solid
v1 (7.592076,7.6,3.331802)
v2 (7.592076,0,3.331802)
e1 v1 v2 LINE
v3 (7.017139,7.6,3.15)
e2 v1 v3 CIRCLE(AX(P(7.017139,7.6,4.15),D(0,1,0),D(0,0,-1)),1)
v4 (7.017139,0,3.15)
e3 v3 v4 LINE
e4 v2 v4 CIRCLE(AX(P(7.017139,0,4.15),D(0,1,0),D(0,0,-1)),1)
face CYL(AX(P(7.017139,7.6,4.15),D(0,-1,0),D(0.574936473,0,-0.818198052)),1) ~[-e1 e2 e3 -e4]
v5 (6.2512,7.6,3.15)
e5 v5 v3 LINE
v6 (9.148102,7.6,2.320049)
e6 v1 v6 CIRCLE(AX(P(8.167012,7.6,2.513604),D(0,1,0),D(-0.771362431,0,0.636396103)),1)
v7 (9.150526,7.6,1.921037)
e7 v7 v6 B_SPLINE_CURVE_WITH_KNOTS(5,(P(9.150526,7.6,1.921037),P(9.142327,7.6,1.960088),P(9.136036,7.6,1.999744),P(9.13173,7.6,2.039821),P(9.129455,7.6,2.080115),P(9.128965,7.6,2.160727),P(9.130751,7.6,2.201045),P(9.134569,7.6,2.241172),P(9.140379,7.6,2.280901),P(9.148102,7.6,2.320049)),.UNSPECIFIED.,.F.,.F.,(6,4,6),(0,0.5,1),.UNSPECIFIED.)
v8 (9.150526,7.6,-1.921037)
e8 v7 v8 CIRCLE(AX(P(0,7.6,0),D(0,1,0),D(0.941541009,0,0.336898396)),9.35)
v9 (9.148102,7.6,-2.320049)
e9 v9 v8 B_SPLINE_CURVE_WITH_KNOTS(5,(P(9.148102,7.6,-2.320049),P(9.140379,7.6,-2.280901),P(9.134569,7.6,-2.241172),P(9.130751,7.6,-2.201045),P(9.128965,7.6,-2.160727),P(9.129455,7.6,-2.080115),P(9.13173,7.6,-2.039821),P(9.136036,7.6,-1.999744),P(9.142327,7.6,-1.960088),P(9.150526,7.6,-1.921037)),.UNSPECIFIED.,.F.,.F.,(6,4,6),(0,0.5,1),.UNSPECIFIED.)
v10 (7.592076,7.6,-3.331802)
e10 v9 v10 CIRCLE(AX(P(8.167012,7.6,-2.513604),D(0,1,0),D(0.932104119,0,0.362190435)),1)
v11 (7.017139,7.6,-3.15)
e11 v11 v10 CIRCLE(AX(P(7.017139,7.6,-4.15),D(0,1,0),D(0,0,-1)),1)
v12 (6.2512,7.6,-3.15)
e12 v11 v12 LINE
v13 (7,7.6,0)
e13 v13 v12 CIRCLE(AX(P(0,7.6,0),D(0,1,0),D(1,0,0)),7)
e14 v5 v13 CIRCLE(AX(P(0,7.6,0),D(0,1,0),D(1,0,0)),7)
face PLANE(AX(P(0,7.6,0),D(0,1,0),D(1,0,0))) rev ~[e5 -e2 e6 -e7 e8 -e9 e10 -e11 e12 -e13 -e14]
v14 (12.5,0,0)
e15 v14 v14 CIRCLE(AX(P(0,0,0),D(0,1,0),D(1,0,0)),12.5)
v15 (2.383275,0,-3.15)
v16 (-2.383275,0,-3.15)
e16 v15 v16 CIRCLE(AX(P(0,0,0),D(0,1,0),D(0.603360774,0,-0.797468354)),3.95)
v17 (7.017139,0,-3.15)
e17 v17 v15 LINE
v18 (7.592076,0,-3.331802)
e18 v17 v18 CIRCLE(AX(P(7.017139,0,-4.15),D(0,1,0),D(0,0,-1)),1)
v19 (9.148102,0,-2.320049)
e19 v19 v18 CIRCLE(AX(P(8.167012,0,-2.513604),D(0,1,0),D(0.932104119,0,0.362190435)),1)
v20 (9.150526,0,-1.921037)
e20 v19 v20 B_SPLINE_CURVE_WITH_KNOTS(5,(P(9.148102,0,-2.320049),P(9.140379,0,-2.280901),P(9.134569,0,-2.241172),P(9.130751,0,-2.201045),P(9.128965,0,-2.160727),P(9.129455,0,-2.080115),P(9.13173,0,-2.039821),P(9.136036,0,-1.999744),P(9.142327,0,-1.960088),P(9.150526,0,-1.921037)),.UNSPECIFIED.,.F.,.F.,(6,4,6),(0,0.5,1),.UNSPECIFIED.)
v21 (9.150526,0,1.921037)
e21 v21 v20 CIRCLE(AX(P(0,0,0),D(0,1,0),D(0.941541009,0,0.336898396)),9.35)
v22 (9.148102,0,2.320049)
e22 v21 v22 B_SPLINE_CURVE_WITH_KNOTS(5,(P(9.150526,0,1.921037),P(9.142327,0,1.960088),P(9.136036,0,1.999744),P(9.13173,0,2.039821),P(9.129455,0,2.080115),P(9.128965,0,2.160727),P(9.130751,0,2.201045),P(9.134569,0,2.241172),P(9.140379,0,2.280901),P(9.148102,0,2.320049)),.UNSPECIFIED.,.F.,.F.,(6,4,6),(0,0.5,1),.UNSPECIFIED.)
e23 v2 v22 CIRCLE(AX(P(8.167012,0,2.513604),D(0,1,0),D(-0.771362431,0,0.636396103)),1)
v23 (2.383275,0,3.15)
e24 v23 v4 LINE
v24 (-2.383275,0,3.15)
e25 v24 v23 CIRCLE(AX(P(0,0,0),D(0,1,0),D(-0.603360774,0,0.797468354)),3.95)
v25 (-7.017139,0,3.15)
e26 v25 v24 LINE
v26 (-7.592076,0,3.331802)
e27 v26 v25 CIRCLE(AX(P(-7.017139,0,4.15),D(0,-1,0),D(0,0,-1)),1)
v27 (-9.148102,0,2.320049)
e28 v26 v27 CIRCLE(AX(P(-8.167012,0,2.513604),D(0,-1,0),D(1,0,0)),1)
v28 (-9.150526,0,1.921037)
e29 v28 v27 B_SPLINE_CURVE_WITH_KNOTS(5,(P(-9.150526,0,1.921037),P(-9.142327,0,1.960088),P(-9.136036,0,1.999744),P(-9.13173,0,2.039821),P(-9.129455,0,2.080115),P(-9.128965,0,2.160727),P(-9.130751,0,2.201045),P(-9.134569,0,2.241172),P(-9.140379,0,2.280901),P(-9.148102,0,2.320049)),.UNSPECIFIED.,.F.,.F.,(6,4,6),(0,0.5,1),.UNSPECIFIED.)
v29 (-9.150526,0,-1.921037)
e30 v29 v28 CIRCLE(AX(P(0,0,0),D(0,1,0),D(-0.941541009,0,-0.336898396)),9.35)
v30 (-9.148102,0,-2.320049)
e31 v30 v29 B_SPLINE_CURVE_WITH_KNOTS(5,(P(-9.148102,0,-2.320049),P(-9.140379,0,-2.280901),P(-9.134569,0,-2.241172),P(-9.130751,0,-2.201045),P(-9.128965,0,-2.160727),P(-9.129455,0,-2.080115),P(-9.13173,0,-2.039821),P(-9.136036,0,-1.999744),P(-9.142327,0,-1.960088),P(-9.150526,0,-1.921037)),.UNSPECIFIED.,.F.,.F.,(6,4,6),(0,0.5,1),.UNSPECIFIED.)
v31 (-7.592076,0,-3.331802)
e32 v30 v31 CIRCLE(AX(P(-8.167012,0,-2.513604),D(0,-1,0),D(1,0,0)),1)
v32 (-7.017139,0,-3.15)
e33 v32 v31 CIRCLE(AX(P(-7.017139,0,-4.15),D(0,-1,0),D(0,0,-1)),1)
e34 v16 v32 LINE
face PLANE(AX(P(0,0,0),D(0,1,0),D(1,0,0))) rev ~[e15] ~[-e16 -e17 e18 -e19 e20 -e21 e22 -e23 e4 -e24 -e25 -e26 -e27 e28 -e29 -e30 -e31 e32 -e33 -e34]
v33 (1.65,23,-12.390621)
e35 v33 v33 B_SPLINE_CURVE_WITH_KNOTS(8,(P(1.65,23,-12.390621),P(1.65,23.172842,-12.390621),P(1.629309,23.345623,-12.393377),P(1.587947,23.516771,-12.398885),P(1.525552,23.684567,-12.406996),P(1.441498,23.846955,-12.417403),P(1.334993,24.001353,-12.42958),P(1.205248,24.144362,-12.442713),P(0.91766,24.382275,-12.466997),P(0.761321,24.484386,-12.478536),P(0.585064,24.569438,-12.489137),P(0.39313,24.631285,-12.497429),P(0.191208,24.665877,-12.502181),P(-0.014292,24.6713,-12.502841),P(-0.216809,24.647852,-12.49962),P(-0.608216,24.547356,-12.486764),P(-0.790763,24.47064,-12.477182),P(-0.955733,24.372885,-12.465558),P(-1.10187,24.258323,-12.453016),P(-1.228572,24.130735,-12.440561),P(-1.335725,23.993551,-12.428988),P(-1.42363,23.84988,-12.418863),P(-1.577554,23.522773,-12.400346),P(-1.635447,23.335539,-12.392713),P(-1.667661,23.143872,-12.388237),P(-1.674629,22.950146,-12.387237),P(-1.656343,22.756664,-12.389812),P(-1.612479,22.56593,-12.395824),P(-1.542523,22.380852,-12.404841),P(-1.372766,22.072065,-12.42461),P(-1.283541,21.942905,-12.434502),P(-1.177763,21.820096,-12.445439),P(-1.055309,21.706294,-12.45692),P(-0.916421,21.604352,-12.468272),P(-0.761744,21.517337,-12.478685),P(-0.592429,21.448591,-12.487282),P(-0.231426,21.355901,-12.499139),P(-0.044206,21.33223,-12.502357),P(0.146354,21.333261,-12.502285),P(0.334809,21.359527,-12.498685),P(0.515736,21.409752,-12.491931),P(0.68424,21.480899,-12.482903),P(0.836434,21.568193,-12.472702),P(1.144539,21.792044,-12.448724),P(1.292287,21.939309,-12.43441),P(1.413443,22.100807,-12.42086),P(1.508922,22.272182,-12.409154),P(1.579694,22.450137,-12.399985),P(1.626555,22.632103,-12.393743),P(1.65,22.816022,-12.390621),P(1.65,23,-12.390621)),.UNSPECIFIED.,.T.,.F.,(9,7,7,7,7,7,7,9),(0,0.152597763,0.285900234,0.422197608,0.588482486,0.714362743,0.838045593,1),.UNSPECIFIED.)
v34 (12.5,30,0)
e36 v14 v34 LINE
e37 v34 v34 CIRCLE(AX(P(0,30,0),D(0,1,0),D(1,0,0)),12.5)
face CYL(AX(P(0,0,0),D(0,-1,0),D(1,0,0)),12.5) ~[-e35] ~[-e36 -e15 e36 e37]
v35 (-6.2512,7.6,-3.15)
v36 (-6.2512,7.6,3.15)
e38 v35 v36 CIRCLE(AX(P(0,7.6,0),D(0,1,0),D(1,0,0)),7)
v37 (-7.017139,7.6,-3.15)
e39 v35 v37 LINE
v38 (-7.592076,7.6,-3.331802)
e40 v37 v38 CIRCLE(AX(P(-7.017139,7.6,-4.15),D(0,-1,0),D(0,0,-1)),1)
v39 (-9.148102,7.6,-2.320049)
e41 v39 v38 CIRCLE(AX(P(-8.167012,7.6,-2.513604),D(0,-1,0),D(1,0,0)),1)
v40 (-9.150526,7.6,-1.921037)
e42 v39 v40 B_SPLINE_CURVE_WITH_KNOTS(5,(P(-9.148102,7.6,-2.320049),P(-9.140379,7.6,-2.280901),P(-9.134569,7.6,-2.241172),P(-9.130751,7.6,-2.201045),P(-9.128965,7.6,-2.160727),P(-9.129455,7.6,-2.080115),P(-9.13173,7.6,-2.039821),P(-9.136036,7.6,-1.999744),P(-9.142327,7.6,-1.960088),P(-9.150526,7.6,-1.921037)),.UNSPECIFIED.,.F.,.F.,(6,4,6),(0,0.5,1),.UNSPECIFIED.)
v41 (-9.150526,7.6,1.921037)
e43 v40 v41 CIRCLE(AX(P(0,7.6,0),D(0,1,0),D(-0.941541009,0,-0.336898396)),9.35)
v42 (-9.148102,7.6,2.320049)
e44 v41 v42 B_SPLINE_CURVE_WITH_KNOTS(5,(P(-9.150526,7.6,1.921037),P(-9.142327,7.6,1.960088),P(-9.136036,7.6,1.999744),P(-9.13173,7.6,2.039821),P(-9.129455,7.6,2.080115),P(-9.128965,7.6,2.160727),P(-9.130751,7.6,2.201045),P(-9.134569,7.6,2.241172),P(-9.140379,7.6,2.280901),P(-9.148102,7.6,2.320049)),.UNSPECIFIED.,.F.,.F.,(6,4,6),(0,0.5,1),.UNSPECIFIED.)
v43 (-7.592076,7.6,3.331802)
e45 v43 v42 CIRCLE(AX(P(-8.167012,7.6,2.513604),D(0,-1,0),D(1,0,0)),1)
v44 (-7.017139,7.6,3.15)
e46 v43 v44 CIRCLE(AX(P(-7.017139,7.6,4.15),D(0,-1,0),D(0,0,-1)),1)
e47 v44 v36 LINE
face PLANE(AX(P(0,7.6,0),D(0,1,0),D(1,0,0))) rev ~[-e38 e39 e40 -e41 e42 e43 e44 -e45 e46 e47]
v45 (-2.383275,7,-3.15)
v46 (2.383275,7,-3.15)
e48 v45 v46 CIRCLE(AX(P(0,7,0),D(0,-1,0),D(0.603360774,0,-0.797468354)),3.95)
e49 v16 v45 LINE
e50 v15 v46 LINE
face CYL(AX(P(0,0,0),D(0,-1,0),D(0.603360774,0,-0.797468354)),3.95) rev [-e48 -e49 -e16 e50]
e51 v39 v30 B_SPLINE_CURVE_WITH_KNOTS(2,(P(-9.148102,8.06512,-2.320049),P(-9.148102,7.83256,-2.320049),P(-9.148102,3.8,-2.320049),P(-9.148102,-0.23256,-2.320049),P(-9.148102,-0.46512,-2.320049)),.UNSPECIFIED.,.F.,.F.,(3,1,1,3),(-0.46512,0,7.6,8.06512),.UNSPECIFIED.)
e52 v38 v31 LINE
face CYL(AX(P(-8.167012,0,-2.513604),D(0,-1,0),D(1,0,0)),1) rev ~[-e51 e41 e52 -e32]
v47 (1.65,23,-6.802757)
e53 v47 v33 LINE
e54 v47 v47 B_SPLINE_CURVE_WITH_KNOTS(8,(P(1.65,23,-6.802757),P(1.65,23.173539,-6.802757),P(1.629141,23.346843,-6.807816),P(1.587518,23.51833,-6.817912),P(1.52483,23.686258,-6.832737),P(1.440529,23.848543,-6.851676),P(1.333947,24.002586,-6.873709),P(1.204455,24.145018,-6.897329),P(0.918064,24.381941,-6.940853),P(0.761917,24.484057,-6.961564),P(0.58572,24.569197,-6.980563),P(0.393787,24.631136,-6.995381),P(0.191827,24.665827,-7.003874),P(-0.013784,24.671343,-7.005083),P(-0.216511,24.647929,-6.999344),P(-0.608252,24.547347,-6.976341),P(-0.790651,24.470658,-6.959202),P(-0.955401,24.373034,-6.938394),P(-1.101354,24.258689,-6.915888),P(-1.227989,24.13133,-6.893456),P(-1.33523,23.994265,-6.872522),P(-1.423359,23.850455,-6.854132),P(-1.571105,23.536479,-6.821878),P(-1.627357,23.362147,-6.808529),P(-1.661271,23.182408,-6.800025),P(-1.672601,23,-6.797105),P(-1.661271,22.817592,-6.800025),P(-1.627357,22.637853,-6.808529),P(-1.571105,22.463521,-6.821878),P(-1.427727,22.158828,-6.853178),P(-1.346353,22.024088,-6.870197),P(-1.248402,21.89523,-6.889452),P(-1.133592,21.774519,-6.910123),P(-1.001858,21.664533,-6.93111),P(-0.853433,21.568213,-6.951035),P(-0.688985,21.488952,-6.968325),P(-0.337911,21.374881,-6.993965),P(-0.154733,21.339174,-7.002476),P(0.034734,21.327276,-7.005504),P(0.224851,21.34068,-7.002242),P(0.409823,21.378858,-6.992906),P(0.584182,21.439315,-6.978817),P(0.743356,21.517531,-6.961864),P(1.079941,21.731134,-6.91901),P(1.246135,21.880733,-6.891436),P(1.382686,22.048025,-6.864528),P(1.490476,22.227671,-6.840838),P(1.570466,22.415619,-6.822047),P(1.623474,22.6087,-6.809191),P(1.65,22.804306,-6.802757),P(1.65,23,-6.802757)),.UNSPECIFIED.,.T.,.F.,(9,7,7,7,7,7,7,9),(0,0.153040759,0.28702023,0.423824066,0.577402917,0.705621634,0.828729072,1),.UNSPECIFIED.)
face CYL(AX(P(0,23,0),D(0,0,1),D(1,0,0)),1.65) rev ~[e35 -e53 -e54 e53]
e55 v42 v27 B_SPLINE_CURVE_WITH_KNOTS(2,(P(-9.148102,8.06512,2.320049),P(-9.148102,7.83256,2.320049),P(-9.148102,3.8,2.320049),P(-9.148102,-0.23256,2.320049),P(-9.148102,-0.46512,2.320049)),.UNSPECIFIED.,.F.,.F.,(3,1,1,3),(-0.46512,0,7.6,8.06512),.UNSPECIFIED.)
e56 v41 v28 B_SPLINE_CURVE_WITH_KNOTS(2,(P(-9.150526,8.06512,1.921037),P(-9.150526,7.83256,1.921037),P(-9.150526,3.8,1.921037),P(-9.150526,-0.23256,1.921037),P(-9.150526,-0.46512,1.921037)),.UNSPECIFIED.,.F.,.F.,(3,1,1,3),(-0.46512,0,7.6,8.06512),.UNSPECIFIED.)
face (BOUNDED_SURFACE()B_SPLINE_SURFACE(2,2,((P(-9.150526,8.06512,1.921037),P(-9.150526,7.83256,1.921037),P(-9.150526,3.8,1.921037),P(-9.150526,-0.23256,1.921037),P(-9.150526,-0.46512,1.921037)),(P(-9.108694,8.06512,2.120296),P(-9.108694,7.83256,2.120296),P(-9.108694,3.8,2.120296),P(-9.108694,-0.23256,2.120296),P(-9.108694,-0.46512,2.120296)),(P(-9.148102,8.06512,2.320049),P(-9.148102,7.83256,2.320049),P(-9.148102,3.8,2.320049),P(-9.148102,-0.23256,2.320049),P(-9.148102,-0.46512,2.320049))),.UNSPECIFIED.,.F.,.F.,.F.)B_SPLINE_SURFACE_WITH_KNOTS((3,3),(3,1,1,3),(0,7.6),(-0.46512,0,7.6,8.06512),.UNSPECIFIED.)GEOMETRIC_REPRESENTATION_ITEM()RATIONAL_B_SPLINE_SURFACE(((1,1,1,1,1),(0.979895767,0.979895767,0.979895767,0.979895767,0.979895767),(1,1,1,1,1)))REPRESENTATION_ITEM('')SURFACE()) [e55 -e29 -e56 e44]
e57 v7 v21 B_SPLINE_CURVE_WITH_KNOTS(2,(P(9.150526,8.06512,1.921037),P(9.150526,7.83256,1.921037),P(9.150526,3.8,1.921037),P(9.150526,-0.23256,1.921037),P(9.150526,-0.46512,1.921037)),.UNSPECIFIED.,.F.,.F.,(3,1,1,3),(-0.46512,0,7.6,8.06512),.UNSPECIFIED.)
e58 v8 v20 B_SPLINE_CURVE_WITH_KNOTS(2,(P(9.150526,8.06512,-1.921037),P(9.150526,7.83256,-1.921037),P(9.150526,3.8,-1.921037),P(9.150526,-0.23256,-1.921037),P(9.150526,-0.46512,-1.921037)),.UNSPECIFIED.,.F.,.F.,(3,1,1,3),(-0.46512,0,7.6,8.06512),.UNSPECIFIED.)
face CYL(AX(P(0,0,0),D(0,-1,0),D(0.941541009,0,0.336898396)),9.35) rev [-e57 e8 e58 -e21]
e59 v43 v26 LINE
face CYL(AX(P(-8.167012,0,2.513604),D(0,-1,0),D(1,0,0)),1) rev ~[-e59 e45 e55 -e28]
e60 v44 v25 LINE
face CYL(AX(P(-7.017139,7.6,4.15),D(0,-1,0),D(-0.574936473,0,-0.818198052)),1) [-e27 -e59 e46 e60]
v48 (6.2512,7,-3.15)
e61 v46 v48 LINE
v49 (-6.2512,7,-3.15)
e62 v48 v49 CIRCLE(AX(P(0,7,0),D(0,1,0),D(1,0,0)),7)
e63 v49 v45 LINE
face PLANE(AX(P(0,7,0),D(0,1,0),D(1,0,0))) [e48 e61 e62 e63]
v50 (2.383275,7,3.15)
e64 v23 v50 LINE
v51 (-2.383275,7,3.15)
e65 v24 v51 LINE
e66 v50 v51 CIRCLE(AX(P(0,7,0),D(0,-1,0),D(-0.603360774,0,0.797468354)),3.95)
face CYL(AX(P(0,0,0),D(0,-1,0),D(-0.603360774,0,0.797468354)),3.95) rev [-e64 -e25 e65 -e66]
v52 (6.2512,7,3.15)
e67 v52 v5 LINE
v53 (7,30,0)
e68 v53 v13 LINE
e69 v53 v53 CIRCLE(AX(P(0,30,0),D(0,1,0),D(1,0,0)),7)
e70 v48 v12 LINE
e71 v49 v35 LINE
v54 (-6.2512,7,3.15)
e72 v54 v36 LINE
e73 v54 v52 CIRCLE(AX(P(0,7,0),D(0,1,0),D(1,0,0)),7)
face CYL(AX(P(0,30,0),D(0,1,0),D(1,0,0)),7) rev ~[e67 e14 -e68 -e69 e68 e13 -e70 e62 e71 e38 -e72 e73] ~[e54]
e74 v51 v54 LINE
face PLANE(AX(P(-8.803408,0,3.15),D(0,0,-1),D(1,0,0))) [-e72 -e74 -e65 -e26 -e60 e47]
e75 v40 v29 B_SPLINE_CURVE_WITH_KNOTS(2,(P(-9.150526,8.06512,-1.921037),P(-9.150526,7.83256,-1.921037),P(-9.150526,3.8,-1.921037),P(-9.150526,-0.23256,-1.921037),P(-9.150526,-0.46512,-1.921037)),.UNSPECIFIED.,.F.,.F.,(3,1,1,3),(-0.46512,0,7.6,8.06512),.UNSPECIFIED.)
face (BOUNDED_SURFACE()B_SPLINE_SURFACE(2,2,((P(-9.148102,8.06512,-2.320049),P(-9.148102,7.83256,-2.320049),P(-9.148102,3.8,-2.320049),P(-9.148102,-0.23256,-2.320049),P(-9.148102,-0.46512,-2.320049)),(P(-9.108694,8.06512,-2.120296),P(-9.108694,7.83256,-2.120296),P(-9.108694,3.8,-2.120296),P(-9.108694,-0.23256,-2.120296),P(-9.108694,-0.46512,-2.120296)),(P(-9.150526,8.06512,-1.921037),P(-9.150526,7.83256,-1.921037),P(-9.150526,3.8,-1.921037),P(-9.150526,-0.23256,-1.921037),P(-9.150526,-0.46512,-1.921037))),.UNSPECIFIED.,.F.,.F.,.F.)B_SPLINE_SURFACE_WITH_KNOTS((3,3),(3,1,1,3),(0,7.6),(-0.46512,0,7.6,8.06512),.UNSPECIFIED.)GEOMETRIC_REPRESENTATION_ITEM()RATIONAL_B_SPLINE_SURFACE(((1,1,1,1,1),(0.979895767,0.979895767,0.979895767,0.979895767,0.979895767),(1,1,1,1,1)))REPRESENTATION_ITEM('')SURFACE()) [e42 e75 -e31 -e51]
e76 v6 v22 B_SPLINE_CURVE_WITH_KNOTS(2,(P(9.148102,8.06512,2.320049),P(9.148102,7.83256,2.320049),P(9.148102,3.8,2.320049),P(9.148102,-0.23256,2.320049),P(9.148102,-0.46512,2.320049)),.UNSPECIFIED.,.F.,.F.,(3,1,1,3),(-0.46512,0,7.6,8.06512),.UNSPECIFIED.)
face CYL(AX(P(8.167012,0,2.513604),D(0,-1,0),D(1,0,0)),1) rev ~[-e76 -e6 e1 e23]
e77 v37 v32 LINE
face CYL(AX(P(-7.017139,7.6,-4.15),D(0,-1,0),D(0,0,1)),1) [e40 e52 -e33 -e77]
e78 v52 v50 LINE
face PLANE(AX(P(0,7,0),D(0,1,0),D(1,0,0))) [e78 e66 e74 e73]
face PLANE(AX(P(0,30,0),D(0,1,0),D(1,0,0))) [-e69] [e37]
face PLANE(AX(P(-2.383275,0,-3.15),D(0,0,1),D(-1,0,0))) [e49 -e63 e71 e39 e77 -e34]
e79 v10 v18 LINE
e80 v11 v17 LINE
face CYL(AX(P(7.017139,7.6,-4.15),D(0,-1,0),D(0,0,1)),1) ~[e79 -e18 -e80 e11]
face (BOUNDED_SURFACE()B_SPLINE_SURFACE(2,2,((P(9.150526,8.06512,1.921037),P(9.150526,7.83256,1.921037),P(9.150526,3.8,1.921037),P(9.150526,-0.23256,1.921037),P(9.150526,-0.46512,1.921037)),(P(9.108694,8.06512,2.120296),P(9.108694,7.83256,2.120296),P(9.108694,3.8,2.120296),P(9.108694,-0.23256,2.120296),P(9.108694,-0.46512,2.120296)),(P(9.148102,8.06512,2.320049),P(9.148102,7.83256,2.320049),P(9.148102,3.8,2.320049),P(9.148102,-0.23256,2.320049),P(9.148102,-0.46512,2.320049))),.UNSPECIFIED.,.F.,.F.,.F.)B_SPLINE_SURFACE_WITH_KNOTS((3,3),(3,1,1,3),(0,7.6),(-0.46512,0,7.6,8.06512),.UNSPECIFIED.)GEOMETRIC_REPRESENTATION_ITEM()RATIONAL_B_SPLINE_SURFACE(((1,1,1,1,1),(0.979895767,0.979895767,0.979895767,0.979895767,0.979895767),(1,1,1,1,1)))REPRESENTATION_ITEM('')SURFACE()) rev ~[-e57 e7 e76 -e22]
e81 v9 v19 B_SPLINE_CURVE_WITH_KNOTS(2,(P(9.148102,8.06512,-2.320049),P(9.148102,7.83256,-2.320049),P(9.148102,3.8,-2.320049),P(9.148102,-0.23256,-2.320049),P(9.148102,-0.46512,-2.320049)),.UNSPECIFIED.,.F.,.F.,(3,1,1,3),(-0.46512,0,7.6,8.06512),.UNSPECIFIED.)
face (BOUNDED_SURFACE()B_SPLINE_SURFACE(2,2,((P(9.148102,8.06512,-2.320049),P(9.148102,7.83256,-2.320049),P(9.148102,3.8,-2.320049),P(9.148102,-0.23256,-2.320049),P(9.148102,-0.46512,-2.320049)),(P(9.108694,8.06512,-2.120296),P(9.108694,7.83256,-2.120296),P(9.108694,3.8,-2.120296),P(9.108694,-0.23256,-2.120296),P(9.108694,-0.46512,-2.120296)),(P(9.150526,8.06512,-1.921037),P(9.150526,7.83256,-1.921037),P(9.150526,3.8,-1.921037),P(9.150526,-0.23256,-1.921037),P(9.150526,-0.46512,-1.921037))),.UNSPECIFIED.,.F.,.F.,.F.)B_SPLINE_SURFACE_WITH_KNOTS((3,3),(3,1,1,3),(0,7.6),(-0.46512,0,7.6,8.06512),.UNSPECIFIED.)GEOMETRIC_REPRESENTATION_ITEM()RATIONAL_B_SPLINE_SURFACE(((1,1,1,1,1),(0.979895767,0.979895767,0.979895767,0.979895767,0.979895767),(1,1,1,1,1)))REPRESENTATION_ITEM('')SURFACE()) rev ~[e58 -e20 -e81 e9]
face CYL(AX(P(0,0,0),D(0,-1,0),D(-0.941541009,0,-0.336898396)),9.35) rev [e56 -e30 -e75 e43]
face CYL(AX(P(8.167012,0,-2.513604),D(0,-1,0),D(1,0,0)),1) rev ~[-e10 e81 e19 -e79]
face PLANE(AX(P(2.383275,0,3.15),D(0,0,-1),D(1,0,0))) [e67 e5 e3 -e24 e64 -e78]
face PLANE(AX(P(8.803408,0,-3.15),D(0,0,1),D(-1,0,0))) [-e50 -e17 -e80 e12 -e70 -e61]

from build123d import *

# Parameters (mm, degrees)
SKETCH1_R           = 12.5
BOSS_EXTRUDE1_DEPTH = 30
SKETCH2_R           = 7
CUT_EXTRUDE1_DEPTH  = 23
CUT_EXTRUDE3_DEPTH  = 7.6
SKETCH6_R           = 1
CUT_EXTRUDE4_DEPTH  = 7.6
FILLET2_R           = 1
SKETCH7_R           = 1.65
CUT_EXTRUDE5_DEPTH  = 19.5


with BuildPart() as part:
    # Sketch1 → Boss-Extrude1 (new body)
    with BuildSketch(Plane(origin=(0, 0, 0), x_dir=(1, 0, 0), z_dir=(0, 1, 0))):
        Circle(SKETCH1_R)
    extrude(amount=BOSS_EXTRUDE1_DEPTH)

    # Sketch2 → Cut-Extrude1 (cut)
    with BuildSketch(Plane(origin=(0, 30, 0), x_dir=(1, 0, 0), z_dir=(0, 1, 0))):
        Circle(SKETCH2_R)
    extrude(amount=-CUT_EXTRUDE1_DEPTH, mode=Mode.SUBTRACT)

    # Sketch5 → Cut-Extrude3 (cut)
    with BuildSketch(Plane(origin=(0, 0, 0), x_dir=(-1, 0, 0), z_dir=(0, -1, 0))):
        with BuildLine():
            Line((2.383275058, 3.15), (8.803408431, 3.15))
            ThreePointArc((8.803408431, 3.15), (9.35, 0), (8.803408431, -3.15))
            Line((8.803408431, -3.15), (2.383275058, -3.15))
            ThreePointArc((2.383275058, -3.15), (0, -3.95), (-2.383275058, -3.15))
            Line((-2.383275058, -3.15), (-8.803408431, -3.15))
            ThreePointArc((-8.803408431, -3.15), (-9.35, 0), (-8.803408431, 3.15))
            Line((-8.803408431, 3.15), (-2.383275058, 3.15))
            ThreePointArc((-2.383275058, 3.15), (0, 3.95), (2.383275058, 3.15))
        make_face()
    extrude(amount=-CUT_EXTRUDE3_DEPTH, mode=Mode.SUBTRACT)

    # Sketch6 → Cut-Extrude4 (cut)
    with BuildSketch(Plane.XZ):
        with Locations((-8.167012328, 2.513603897)):
            Circle(SKETCH6_R)
        with Locations((8.167012328, 2.513603897)):
            Circle(SKETCH6_R)
        with Locations((8.167012328, -2.513603897)):
            Circle(SKETCH6_R)
        with Locations((-8.167012328, -2.513603897)):
            Circle(SKETCH6_R)
    extrude(amount=-CUT_EXTRUDE4_DEPTH, mode=Mode.SUBTRACT)

    # Fillet2
    fillet2_edges = [part.edges().sort_by_distance(p)[0] for p in [
        (-9.099116447, 3.8, 2.151413462),
        (-7.395649897, 3.8, 3.15),
        (9.099116447, 3.8, -2.151413462),
        (9.099116447, 3.8, 2.151413462),
        (-9.099116447, 3.8, -2.151413462),
        (7.395649897, 3.8, 3.15),
        (7.395649897, 3.8, -3.15),
        (-7.395649897, 3.8, -3.15),
    ]]
    fillet(fillet2_edges, radius=FILLET2_R)

    # Sketch7 → Cut-Extrude5 (cut)
    with BuildSketch(Plane.XY):
        with Locations((0, 23)):
            Circle(SKETCH7_R)
    extrude(amount=-CUT_EXTRUDE5_DEPTH, mode=Mode.SUBTRACT)


solid = part.part
